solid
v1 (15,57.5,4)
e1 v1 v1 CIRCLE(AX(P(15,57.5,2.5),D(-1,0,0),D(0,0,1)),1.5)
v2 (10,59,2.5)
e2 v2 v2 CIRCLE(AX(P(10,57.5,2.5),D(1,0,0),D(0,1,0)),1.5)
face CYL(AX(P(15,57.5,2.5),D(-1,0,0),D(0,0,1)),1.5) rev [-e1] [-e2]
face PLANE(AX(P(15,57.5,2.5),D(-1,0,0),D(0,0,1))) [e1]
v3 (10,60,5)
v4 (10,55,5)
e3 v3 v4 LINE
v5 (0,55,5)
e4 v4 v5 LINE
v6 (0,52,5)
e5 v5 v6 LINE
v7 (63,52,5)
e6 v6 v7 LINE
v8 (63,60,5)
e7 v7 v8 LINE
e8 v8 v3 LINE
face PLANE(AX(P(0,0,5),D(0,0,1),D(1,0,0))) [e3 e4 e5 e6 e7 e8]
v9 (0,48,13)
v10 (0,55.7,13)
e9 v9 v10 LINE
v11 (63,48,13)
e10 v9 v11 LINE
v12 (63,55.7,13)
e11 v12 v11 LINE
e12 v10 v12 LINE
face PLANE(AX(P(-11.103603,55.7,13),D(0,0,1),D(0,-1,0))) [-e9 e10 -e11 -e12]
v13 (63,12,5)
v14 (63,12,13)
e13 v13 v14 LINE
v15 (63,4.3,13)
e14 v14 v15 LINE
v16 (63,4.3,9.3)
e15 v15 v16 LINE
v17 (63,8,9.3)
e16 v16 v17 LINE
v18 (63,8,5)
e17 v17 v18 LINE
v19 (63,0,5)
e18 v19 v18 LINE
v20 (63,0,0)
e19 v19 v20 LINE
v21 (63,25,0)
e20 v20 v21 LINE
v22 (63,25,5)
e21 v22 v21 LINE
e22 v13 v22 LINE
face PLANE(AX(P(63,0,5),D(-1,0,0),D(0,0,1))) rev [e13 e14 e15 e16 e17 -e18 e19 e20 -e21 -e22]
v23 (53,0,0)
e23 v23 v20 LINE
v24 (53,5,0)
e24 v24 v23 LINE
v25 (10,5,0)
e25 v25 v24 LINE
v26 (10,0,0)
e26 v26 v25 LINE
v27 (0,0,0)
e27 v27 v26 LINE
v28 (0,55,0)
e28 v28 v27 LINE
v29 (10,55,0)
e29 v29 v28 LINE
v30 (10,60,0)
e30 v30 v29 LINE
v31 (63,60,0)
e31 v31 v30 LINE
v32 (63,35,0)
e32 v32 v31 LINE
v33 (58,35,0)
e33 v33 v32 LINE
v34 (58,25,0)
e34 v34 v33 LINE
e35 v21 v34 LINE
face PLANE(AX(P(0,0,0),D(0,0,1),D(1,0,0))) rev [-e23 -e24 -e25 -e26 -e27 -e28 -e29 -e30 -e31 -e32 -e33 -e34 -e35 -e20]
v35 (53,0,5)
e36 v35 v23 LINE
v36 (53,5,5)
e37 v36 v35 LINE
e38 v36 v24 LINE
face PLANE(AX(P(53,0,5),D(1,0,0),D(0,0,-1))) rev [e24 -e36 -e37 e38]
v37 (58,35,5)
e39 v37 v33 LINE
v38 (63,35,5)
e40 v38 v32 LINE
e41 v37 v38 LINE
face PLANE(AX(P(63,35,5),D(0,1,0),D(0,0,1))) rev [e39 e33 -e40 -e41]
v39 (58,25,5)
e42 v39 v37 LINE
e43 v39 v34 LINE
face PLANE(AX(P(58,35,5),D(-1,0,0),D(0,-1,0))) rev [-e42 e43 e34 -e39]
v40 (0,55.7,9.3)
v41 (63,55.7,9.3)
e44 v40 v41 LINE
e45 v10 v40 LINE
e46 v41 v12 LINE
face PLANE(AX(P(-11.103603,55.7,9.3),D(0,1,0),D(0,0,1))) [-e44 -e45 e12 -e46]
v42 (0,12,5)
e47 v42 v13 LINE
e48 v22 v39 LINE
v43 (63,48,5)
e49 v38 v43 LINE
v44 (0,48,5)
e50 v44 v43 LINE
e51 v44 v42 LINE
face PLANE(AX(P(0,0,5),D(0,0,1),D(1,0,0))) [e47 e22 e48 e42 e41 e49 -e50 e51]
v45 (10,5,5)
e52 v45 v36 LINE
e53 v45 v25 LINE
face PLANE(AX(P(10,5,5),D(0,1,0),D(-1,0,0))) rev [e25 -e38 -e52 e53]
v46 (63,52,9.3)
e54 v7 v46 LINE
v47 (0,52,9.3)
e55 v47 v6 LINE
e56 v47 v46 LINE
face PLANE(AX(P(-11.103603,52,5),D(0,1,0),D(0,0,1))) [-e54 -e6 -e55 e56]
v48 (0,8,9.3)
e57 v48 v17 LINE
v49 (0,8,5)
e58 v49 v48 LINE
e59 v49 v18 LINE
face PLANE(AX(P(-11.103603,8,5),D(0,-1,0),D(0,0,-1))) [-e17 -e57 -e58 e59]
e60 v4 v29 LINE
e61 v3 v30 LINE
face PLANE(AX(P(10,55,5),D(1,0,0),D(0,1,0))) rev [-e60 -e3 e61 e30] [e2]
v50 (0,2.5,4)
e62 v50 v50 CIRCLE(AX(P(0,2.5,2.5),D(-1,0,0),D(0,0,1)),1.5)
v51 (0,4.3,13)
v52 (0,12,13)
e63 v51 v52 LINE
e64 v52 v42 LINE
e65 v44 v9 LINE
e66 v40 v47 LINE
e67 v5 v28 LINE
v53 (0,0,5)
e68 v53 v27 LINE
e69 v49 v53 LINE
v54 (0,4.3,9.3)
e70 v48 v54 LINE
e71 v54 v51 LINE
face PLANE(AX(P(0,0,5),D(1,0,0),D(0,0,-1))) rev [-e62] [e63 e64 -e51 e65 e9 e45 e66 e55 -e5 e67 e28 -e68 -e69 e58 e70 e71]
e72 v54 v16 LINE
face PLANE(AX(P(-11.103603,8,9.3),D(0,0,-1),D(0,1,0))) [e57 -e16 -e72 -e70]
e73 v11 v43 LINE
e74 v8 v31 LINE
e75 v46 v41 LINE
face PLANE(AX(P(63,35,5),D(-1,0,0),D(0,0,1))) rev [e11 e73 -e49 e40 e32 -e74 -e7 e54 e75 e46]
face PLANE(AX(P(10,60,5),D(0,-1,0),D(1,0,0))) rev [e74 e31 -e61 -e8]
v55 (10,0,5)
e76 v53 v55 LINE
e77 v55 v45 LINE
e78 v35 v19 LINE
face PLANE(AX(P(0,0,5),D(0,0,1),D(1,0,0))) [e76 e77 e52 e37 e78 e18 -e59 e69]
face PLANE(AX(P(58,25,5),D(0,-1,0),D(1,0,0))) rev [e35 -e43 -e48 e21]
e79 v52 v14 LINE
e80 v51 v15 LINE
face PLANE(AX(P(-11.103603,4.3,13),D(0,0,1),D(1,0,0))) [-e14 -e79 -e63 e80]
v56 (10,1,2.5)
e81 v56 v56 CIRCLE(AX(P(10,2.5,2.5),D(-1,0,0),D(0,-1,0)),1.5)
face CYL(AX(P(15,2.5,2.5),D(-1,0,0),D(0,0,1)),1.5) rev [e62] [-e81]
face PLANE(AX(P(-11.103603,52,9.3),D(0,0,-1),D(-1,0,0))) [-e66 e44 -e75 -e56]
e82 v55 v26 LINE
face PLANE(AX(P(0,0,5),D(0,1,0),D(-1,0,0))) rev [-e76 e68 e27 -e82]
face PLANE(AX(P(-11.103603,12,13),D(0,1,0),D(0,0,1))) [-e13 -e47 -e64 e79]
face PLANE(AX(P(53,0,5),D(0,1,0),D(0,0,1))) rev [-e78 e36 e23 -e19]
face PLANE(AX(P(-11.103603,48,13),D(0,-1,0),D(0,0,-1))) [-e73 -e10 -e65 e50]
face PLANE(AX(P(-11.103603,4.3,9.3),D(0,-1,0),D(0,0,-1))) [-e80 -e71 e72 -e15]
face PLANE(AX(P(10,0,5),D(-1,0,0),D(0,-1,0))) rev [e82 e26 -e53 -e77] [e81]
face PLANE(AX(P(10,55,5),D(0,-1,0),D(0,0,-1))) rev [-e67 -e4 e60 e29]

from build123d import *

# Parameters (mm, degrees)
BOSS_EXTRU_1_DEPTH      = 5
ESQUISSE5_R             = 1.5
ENL_V_MAT_EXTRU_1_DEPTH = 15
BOSS_EXTRU_2_DEPTH      = 63


with BuildPart() as part:
    # Esquisse1 → Boss.-Extru.1 (new body)
    with BuildSketch(Plane.XY):
        Polygon((63, 35), (58, 35), (58, 25), (63, 25), (63, 0), (53, 0), (53, 5), (10, 5), (10, 0), (0, 0), (0, 55), (10, 55), (10, 60), (63, 60), align=None)
    extrude(amount=BOSS_EXTRU_1_DEPTH)

    # Esquisse5 → Enlèv. mat.-Extru.1 (cut)
    with BuildSketch(Plane.ZY):
        with Locations((2.5, 2.5)):
            Circle(ESQUISSE5_R)
        with Locations((2.5, 57.5)):
            Circle(ESQUISSE5_R)
    extrude(amount=-ENL_V_MAT_EXTRU_1_DEPTH, mode=Mode.SUBTRACT)

    # Esquisse8 → Boss.-Extru.2 (add)
    with BuildSketch(Plane(origin=(63, 0, 0), x_dir=(0, 0, -1), z_dir=(1, 0, 0))):
        Polygon((-5, 52), (-9.3, 52), (-9.3, 55.7), (-13, 55.7), (-13, 48), (-5, 48), align=None)
        Polygon((-5, 12), (-5, 8), (-9.3, 8), (-9.3, 4.3), (-13, 4.3), (-13, 12), align=None)
    extrude(amount=-BOSS_EXTRU_2_DEPTH)


solid = part.part
